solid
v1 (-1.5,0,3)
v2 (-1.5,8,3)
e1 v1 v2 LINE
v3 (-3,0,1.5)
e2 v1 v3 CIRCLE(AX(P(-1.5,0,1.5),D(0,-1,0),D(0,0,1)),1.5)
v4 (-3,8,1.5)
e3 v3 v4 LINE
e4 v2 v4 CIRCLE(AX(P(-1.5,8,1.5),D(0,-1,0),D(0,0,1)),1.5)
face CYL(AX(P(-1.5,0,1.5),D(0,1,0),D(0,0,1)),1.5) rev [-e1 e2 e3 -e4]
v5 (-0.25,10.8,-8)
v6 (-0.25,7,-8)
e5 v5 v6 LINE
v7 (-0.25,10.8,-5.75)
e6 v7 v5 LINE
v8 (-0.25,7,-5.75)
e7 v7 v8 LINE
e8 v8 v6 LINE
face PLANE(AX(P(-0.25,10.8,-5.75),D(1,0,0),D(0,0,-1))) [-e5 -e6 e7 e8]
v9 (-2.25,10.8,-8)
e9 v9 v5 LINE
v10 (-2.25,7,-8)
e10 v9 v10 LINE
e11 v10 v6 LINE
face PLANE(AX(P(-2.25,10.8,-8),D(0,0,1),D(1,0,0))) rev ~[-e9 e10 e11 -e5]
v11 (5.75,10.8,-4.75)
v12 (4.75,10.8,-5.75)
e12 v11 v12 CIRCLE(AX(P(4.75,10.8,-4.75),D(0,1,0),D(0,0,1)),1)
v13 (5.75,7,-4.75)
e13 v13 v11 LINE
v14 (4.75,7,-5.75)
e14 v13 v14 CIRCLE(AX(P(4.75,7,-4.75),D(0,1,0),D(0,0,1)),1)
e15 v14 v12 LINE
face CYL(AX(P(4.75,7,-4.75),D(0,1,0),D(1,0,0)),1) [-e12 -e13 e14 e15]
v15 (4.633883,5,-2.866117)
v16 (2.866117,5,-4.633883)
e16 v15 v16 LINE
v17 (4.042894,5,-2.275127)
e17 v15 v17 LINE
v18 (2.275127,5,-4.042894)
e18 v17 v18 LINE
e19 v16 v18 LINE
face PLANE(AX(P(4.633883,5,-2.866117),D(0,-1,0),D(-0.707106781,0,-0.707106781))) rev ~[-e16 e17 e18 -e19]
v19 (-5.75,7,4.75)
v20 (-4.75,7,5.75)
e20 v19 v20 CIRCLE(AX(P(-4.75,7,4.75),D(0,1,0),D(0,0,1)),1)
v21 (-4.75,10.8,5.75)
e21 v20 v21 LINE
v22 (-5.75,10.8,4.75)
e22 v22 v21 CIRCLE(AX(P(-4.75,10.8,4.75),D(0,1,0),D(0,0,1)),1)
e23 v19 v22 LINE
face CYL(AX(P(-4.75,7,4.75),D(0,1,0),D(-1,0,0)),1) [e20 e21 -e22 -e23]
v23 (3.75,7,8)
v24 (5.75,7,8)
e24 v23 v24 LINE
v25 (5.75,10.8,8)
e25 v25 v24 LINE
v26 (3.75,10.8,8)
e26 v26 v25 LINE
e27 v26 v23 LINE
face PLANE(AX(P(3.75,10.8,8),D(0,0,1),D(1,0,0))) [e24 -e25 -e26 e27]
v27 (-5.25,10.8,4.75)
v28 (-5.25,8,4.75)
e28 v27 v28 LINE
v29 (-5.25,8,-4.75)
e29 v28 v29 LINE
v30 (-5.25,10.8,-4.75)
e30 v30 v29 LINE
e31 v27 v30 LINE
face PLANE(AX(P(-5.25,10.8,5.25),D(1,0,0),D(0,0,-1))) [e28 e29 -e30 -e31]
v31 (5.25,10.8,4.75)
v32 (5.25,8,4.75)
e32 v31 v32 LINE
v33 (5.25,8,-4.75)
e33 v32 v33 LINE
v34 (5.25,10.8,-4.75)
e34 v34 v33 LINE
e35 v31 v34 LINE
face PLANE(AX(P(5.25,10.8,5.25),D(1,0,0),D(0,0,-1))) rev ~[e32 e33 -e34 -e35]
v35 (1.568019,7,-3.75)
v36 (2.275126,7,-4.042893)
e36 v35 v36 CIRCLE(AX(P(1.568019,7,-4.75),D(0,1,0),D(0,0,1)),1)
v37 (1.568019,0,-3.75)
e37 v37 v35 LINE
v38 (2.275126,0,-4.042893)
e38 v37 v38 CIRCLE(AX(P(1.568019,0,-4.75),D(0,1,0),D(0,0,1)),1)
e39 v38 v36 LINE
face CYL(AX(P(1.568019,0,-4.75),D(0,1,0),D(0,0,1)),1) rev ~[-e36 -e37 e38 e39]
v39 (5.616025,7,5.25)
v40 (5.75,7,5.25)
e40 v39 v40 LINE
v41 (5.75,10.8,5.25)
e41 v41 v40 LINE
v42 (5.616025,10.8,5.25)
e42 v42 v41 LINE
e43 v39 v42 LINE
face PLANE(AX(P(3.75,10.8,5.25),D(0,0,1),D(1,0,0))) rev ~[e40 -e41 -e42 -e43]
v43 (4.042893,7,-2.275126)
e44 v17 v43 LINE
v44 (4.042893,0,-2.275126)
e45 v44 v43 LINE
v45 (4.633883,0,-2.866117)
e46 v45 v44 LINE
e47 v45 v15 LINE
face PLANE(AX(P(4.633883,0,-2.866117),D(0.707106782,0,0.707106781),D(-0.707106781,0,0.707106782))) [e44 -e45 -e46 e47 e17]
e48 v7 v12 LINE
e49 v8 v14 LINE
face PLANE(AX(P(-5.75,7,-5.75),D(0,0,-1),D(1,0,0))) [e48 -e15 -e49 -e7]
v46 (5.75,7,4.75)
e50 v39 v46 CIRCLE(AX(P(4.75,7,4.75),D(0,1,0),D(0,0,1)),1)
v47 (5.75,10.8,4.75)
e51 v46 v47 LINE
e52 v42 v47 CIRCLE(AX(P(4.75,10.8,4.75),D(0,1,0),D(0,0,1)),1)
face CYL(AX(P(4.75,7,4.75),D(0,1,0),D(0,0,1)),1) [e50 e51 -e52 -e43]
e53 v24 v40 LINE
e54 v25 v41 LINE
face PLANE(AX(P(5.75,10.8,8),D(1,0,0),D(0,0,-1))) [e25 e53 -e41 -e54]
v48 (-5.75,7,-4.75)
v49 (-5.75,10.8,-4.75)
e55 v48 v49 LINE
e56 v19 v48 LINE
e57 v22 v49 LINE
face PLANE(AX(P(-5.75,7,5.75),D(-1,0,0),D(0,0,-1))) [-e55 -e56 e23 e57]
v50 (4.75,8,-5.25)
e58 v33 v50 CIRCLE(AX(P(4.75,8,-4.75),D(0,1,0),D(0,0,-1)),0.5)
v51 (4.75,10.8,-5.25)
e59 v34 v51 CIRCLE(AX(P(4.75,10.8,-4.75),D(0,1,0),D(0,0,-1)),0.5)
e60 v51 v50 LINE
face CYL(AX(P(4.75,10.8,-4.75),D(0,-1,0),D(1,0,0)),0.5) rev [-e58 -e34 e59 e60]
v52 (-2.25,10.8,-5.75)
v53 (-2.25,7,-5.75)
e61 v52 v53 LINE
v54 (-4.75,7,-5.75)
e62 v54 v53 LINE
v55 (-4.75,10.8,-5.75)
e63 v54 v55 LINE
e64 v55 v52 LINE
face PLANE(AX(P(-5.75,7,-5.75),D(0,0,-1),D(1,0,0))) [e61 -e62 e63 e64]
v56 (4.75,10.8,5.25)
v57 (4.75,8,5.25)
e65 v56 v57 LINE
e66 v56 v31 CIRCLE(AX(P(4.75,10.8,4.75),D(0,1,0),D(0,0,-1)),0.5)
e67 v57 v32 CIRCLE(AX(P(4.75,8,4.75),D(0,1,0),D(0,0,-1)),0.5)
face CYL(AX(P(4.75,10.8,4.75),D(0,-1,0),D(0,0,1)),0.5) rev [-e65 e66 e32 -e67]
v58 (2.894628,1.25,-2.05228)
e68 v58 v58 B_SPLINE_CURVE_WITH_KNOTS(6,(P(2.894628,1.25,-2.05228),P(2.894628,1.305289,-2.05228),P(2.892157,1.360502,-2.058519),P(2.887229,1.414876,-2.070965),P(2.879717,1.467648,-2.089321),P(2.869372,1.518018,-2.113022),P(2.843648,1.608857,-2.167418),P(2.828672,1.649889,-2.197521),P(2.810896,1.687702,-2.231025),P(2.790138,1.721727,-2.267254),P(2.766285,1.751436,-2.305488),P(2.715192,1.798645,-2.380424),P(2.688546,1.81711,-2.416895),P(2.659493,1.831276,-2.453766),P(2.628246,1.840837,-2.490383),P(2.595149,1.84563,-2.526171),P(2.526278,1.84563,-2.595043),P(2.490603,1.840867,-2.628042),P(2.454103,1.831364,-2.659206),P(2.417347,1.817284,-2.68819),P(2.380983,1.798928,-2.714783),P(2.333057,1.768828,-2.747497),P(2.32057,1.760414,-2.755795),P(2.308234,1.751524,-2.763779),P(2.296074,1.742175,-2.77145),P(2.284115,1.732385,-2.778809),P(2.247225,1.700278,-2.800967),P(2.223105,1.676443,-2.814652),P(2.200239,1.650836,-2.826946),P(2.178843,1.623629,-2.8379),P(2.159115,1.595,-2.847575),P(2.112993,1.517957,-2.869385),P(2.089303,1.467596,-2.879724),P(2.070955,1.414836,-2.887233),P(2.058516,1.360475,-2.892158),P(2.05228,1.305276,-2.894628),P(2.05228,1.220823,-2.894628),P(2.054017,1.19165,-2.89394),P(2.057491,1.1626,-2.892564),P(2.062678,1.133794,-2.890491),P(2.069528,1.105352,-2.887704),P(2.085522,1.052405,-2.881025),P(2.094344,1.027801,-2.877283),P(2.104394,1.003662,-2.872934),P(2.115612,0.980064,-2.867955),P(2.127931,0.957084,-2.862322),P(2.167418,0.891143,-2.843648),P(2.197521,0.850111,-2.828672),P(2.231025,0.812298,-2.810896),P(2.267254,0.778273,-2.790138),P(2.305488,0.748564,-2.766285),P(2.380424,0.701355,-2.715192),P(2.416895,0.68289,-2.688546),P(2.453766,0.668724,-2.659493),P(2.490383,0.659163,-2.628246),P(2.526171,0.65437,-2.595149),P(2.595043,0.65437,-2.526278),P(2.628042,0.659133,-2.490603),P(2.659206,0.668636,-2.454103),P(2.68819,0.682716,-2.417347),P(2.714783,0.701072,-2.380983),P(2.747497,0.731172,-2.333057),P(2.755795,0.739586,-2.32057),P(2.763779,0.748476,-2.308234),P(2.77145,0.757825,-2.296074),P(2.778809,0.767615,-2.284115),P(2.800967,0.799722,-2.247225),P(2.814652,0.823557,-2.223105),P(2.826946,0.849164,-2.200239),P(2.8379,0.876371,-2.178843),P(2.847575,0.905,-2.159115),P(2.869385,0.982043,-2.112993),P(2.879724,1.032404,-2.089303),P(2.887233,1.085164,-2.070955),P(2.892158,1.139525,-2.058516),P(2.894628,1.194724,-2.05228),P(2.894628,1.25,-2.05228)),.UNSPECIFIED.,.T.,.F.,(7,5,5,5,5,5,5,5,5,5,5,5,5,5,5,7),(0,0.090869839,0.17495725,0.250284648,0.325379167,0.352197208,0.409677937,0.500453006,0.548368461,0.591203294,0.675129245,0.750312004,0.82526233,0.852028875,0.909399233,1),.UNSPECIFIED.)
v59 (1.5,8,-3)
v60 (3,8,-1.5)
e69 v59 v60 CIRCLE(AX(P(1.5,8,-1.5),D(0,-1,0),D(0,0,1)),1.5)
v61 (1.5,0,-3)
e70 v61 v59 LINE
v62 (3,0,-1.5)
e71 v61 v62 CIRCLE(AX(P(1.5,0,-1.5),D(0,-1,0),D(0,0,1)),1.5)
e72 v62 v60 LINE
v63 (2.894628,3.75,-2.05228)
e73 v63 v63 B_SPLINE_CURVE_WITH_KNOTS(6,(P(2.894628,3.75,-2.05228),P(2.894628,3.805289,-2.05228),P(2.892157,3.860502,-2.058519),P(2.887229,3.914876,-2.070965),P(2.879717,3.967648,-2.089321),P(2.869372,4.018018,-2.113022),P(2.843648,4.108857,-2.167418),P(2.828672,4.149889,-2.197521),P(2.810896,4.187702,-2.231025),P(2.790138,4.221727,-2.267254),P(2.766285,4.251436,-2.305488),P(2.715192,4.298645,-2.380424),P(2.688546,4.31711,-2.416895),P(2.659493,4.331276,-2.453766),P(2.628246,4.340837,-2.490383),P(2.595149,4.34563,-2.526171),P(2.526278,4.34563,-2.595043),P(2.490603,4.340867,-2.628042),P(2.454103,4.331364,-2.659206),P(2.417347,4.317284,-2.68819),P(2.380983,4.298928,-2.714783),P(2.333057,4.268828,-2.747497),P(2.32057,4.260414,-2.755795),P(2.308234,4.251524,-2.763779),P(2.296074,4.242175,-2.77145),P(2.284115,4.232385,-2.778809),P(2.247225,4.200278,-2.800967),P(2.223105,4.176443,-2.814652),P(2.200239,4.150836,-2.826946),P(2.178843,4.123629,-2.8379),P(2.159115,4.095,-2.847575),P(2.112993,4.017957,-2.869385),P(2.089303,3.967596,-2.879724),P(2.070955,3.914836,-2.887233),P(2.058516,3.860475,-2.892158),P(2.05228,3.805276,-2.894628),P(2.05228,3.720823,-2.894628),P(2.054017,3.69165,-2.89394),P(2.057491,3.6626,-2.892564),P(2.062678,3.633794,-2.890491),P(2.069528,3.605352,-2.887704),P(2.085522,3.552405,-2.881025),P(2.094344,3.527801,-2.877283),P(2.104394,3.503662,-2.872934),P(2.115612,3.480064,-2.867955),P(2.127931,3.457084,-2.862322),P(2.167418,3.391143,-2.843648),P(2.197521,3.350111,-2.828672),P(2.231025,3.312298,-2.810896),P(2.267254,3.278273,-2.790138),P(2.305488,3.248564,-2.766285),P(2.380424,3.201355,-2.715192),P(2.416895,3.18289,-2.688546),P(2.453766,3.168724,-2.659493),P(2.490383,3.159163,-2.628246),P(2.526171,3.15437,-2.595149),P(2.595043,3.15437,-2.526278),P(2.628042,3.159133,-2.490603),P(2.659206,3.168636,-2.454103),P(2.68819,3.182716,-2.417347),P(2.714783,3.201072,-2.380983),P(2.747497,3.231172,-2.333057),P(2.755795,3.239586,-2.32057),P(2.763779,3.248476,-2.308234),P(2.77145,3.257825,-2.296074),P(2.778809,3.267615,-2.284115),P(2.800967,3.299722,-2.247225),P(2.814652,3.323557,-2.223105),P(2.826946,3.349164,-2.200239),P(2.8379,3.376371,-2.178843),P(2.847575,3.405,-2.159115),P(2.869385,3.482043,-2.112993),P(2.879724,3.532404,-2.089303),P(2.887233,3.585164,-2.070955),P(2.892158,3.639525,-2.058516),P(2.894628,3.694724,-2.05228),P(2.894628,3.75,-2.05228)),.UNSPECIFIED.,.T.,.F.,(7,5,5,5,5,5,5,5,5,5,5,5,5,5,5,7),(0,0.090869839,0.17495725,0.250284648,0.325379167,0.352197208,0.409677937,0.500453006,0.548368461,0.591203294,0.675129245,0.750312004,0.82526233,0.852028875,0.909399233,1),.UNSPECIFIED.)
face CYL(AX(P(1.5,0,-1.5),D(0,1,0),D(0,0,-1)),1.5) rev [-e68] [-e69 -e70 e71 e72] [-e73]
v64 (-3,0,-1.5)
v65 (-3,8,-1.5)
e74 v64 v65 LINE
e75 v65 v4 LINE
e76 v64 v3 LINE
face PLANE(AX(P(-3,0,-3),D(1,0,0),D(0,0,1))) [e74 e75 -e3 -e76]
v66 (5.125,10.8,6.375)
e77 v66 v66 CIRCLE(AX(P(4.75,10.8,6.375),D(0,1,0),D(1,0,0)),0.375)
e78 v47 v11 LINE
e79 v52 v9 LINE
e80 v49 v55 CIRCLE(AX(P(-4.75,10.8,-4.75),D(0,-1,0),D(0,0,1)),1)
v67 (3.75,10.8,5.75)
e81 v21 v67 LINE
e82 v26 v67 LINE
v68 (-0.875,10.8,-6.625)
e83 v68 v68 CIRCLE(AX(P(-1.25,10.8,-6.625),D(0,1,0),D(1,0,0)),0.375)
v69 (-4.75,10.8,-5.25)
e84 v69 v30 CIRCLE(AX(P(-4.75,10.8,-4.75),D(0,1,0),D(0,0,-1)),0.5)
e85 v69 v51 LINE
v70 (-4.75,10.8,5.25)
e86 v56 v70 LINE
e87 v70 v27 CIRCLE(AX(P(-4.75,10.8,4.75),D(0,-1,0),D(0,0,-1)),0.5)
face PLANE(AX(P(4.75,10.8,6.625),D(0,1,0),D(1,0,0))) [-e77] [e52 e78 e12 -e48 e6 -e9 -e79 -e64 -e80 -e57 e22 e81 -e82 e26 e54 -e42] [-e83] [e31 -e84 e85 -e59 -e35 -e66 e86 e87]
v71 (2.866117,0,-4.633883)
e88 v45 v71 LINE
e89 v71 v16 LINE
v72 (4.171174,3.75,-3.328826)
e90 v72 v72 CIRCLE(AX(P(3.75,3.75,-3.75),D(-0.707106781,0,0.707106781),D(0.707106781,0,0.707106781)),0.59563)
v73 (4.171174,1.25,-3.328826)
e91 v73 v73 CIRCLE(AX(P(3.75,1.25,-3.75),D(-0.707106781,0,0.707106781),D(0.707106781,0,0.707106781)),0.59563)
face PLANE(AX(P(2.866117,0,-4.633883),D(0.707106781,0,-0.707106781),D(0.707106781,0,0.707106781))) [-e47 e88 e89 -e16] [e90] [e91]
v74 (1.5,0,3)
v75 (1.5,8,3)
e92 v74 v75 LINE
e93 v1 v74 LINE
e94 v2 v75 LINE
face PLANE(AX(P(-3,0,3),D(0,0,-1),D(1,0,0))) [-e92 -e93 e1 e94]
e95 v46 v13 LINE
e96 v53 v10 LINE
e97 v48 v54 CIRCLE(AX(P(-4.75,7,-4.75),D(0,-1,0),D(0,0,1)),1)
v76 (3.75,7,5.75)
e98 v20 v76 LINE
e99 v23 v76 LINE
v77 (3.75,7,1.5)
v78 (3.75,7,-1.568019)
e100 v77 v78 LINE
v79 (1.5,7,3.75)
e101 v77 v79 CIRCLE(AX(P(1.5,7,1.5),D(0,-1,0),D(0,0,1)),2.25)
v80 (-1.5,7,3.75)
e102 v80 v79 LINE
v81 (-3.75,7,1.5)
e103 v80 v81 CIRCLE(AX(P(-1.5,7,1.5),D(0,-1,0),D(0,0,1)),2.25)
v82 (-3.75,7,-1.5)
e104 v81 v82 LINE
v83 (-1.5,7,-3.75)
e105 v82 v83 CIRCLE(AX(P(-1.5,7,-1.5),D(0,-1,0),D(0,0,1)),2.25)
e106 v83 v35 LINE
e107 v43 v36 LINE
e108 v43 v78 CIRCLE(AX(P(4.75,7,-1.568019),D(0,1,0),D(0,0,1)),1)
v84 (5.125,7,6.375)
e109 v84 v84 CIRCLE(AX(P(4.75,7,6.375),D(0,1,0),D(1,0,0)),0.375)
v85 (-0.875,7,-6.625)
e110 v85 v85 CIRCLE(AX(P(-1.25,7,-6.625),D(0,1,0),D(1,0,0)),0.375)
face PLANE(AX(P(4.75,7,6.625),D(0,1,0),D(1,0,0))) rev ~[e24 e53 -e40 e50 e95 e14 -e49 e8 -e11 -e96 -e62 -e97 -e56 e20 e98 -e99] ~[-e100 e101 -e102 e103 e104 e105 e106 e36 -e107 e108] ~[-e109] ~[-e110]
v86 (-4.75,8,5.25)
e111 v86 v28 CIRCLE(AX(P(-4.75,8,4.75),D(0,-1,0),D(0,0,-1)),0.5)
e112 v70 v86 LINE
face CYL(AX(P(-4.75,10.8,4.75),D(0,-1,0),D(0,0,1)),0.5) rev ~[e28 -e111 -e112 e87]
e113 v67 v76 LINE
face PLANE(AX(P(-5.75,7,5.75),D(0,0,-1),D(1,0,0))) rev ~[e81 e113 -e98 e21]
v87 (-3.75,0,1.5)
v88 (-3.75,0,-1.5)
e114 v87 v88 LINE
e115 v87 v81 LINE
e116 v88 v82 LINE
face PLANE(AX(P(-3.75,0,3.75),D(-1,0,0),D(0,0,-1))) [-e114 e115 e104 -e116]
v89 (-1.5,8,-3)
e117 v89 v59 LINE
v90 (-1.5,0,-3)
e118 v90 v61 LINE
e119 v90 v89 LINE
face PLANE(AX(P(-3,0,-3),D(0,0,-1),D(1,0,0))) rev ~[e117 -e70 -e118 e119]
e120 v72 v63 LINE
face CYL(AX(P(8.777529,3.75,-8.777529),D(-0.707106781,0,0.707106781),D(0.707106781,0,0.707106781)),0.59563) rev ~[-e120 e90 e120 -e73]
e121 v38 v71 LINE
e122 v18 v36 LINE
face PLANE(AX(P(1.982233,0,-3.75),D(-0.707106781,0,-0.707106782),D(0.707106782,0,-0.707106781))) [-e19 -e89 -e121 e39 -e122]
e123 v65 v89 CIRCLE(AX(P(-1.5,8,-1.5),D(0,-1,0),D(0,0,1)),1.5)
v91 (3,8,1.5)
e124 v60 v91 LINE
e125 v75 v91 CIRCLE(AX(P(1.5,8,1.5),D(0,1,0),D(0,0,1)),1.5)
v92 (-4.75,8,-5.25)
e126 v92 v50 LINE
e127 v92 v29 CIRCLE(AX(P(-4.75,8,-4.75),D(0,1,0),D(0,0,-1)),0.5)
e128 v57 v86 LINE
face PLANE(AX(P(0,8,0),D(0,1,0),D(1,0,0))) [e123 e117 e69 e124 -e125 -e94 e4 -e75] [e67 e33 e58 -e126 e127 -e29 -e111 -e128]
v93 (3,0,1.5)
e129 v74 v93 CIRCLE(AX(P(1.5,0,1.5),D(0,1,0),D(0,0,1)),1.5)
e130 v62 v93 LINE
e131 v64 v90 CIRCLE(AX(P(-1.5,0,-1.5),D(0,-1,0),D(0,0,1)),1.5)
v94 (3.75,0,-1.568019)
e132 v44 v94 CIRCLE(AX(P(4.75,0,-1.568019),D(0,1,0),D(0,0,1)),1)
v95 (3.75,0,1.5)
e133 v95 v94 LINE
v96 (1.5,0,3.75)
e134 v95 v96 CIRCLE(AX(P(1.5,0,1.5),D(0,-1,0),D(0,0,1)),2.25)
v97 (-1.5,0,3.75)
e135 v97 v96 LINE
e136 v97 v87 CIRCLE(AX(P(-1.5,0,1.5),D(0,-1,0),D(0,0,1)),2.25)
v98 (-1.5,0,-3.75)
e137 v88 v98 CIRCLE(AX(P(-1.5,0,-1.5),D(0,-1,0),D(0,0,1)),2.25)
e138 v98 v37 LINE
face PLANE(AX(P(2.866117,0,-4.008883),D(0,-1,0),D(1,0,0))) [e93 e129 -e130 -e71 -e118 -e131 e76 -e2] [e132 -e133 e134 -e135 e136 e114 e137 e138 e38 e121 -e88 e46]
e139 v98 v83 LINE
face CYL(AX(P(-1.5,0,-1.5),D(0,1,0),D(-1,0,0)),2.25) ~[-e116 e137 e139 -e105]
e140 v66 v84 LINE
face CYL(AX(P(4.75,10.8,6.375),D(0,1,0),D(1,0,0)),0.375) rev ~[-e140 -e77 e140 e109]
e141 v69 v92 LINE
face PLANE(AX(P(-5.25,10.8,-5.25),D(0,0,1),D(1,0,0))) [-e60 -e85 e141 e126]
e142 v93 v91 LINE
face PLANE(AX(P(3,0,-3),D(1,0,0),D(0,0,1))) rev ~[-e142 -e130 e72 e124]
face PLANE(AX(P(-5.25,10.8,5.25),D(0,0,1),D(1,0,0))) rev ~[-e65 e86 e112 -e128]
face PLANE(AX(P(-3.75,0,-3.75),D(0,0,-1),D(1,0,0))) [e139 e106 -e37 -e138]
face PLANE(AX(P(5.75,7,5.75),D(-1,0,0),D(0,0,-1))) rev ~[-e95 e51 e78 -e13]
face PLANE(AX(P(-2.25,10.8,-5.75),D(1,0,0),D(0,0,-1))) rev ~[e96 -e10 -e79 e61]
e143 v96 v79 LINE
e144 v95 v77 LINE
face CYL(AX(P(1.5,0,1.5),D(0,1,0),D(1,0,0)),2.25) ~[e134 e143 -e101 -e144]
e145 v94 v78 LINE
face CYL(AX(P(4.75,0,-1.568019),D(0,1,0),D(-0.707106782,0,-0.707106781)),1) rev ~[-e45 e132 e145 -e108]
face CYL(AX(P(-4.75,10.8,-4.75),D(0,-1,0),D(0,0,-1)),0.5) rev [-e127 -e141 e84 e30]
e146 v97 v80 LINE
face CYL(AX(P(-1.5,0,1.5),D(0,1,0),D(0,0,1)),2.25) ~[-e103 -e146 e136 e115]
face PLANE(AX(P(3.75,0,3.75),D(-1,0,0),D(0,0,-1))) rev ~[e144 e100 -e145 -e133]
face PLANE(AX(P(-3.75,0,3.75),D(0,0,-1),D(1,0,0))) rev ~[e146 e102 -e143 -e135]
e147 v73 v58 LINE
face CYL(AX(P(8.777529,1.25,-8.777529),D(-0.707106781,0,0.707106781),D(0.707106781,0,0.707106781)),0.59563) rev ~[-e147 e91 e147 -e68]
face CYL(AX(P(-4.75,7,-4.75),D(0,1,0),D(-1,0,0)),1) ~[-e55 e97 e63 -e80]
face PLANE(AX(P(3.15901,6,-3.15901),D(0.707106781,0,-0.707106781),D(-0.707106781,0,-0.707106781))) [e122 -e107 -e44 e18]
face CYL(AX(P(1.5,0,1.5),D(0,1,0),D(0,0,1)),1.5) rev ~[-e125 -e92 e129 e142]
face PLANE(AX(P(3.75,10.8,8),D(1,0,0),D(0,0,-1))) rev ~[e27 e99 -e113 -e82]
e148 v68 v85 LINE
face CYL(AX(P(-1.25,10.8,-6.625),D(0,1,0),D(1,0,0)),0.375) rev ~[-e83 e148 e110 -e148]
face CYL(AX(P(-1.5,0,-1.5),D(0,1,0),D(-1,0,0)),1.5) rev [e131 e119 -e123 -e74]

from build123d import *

# Parameters (mm, degrees)
SKETCH1_W                     = 7.5
SKETCH1_H                     = 7.5
BOSS_EXTRUDE1_DEPTH           = 7
SKETCH2_W                     = 11.5
SKETCH2_H                     = 11.5
BOSS_EXTRUDE2_DEPTH           = 3.8
SKETCH3_W                     = 6
SKETCH3_H                     = 6
CUT_EXTRUDE1_DEPTH            = 11.8
SKETCH6_W                     = 10.5
SKETCH6_H                     = 10.5
CUT_EXTRUDE3_DEPTH            = 2.8
FILLET1_R                     = 0.5
BOSS_EXTRUDE3_REACH           = 12.8
FILLET4_R                     = 1.5
FILLET2_R                     = 1
TAP_DRILL_FOR_0_80_TAP1_D     = 1.19126
TAP_DRILL_FOR_0_80_TAP1_DEPTH = 7.11
TAP_DRILL_FOR_0_80_TAP1_TIP   = 0.357890611
FILLET5_R                     = 2.25
SKETCH16_W                    = 2.5
SKETCH16_H                    = 2
CUT_EXTRUDE4_DEPTH            = 0.835786
FILLET6_R                     = 1
SKETCH17_W                    = 2
SKETCH17_H                    = 2.25
SKETCH17_H_2                  = 2.75
BOSS_EXTRUDE4_DEPTH           = 3.8
SKETCH18_R                    = 0.375
CUT_EXTRUDE5_DEPTH            = 11.8000001


with BuildPart() as part:
    # Sketch1 → Boss-Extrude1 (new body)
    with BuildSketch(Plane(origin=(0, 0, 0), x_dir=(1, 0, 0), z_dir=(0, 1, 0))):
        Rectangle(SKETCH1_W, SKETCH1_H)
    extrude(amount=BOSS_EXTRUDE1_DEPTH)

    # Sketch2 → Boss-Extrude2 (add)
    with BuildSketch(Plane(origin=(0, 7, 0), x_dir=(1, 0, 0), z_dir=(0, 1, 0))):
        Rectangle(SKETCH2_W, SKETCH2_H)
    extrude(amount=BOSS_EXTRUDE2_DEPTH)

    # Sketch3 → Cut-Extrude1 (cut, through all)
    with BuildSketch(Plane.XZ):
        Rectangle(SKETCH3_W, SKETCH3_H)
    extrude(amount=-CUT_EXTRUDE1_DEPTH, mode=Mode.SUBTRACT)

    # Sketch6 → Cut-Extrude3 (cut)
    with BuildSketch(Plane(origin=(0, 10.8, 0), x_dir=(1, 0, 0), z_dir=(0, 1, 0))):
        Rectangle(SKETCH6_W, SKETCH6_H)
    extrude(amount=-CUT_EXTRUDE3_DEPTH, mode=Mode.SUBTRACT)

    # Fillet1
    fillet1_edges = [part.edges().sort_by_distance(p)[0] for p in [
        (5.25, 9.4, 5.25),
        (5.25, 9.4, -5.25),
        (-5.25, 9.4, -5.25),
        (-5.25, 9.4, 5.25),
    ]]
    fillet(fillet1_edges, radius=FILLET1_R)

    # Sketch12 → Boss-Extrude3 (add, up to next)
    with BuildSketch(Plane.XZ, mode=Mode.PRIVATE) as boss_extrude3_sk1:
        Polygon((3.75, -3.75), (4.633883476, -2.866116524), (3.75, -1.982233047), align=None)
    boss_extrude3_tool1 = extrude(boss_extrude3_sk1.sketch, amount=-BOSS_EXTRUDE3_REACH, mode=Mode.PRIVATE) - part.part
    add(boss_extrude3_tool1.solids().sort_by_distance((4.044628, 0, -2.866117))[0])
    # Sketch12 → Boss-Extrude3 (add, up to next)
    with BuildSketch(Plane.XZ, mode=Mode.PRIVATE) as boss_extrude3_sk2:
        Polygon((2.866116524, -4.633883476), (3.75, -3.75), (1.982233047, -3.75), align=None)
    boss_extrude3_tool2 = extrude(boss_extrude3_sk2.sketch, amount=-BOSS_EXTRUDE3_REACH, mode=Mode.PRIVATE) - part.part
    add(boss_extrude3_tool2.solids().sort_by_distance((2.866117, 0, -4.044628))[0])

    # Fillet4
    fillet4_edges = [part.edges().sort_by_distance(p)[0] for p in [
        (-3, 4, 3),
        (3, 4, 3),
        (-3, 4, -3),
        (3, 4, -3),
    ]]
    fillet(fillet4_edges, radius=FILLET4_R)

    # Fillet2
    fillet2_edges = [part.edges().sort_by_distance(p)[0] for p in [
        (3.75, 3.5, -1.982233047),
        (1.982233047, 3.5, -3.75),
    ]]
    fillet(fillet2_edges, radius=FILLET2_R)

    # Tap Drill for #0-80 Tap1
    with Locations(Plane(origin=(3.75, 0, -3.75), x_dir=(-0.707106781, 0, -0.707106781), z_dir=(0.707106781, 0, -0.707106781))):
        with Locations((0, 1.25), (0, 3.75)):
            Hole(TAP_DRILL_FOR_0_80_TAP1_D / 2, depth=TAP_DRILL_FOR_0_80_TAP1_DEPTH)
            with Locations((0, 0, -(TAP_DRILL_FOR_0_80_TAP1_DEPTH + TAP_DRILL_FOR_0_80_TAP1_TIP / 2))):  # 118° drill point
                Cone(0, TAP_DRILL_FOR_0_80_TAP1_D / 2, TAP_DRILL_FOR_0_80_TAP1_TIP, mode=Mode.SUBTRACT)

    # Fillet5
    fillet5_edges = [part.edges().sort_by_distance(p)[0] for p in [
        (3.75, 3.5, 3.75),
        (-3.75, 3.5, 3.75),
        (-3.75, 3.5, -3.75),
    ]]
    fillet(fillet5_edges, radius=FILLET5_R)

    # Sketch16 → Cut-Extrude4 (cut)
    with BuildSketch(Plane(origin=(3.75, 0, -3.75), x_dir=(-0.707106781, 0, -0.707106781), z_dir=(0.707106781, 0, -0.707106781))):
        with Locations((0, 6)):
            Rectangle(SKETCH16_W, SKETCH16_H)
    extrude(amount=-CUT_EXTRUDE4_DEPTH, mode=Mode.SUBTRACT)

    # Fillet6
    fillet6_edges = [part.edges().sort_by_distance(p)[0] for p in [
        (-5.75, 8.9, -5.75),
        (-5.75, 8.9, 5.75),
        (5.75, 8.9, 5.75),
        (5.75, 8.9, -5.75),
    ]]
    fillet(fillet6_edges, radius=FILLET6_R)

    # Sketch17 → Boss-Extrude4 (add)
    with BuildSketch(Plane(origin=(0, 10.8, 0), x_dir=(1, 0, 0), z_dir=(0, 1, 0))):
        with Locations((-1.25, 6.875)):
            Rectangle(SKETCH17_W, SKETCH17_H)
        with Locations((4.75, -6.625)):
            Rectangle(SKETCH17_W, SKETCH17_H_2)
    extrude(amount=-BOSS_EXTRUDE4_DEPTH)

    # Sketch18 → Cut-Extrude5 (cut, through all)
    with BuildSketch(Plane(origin=(0, 10.8, 0), x_dir=(1, 0, 0), z_dir=(0, 1, 0))):
        with Locations((4.75, -6.375)):
            Circle(SKETCH18_R)
        with Locations((-1.25, 6.625)):
            Circle(SKETCH18_R)
    extrude(amount=-CUT_EXTRUDE5_DEPTH, mode=Mode.SUBTRACT)


solid = part.part
